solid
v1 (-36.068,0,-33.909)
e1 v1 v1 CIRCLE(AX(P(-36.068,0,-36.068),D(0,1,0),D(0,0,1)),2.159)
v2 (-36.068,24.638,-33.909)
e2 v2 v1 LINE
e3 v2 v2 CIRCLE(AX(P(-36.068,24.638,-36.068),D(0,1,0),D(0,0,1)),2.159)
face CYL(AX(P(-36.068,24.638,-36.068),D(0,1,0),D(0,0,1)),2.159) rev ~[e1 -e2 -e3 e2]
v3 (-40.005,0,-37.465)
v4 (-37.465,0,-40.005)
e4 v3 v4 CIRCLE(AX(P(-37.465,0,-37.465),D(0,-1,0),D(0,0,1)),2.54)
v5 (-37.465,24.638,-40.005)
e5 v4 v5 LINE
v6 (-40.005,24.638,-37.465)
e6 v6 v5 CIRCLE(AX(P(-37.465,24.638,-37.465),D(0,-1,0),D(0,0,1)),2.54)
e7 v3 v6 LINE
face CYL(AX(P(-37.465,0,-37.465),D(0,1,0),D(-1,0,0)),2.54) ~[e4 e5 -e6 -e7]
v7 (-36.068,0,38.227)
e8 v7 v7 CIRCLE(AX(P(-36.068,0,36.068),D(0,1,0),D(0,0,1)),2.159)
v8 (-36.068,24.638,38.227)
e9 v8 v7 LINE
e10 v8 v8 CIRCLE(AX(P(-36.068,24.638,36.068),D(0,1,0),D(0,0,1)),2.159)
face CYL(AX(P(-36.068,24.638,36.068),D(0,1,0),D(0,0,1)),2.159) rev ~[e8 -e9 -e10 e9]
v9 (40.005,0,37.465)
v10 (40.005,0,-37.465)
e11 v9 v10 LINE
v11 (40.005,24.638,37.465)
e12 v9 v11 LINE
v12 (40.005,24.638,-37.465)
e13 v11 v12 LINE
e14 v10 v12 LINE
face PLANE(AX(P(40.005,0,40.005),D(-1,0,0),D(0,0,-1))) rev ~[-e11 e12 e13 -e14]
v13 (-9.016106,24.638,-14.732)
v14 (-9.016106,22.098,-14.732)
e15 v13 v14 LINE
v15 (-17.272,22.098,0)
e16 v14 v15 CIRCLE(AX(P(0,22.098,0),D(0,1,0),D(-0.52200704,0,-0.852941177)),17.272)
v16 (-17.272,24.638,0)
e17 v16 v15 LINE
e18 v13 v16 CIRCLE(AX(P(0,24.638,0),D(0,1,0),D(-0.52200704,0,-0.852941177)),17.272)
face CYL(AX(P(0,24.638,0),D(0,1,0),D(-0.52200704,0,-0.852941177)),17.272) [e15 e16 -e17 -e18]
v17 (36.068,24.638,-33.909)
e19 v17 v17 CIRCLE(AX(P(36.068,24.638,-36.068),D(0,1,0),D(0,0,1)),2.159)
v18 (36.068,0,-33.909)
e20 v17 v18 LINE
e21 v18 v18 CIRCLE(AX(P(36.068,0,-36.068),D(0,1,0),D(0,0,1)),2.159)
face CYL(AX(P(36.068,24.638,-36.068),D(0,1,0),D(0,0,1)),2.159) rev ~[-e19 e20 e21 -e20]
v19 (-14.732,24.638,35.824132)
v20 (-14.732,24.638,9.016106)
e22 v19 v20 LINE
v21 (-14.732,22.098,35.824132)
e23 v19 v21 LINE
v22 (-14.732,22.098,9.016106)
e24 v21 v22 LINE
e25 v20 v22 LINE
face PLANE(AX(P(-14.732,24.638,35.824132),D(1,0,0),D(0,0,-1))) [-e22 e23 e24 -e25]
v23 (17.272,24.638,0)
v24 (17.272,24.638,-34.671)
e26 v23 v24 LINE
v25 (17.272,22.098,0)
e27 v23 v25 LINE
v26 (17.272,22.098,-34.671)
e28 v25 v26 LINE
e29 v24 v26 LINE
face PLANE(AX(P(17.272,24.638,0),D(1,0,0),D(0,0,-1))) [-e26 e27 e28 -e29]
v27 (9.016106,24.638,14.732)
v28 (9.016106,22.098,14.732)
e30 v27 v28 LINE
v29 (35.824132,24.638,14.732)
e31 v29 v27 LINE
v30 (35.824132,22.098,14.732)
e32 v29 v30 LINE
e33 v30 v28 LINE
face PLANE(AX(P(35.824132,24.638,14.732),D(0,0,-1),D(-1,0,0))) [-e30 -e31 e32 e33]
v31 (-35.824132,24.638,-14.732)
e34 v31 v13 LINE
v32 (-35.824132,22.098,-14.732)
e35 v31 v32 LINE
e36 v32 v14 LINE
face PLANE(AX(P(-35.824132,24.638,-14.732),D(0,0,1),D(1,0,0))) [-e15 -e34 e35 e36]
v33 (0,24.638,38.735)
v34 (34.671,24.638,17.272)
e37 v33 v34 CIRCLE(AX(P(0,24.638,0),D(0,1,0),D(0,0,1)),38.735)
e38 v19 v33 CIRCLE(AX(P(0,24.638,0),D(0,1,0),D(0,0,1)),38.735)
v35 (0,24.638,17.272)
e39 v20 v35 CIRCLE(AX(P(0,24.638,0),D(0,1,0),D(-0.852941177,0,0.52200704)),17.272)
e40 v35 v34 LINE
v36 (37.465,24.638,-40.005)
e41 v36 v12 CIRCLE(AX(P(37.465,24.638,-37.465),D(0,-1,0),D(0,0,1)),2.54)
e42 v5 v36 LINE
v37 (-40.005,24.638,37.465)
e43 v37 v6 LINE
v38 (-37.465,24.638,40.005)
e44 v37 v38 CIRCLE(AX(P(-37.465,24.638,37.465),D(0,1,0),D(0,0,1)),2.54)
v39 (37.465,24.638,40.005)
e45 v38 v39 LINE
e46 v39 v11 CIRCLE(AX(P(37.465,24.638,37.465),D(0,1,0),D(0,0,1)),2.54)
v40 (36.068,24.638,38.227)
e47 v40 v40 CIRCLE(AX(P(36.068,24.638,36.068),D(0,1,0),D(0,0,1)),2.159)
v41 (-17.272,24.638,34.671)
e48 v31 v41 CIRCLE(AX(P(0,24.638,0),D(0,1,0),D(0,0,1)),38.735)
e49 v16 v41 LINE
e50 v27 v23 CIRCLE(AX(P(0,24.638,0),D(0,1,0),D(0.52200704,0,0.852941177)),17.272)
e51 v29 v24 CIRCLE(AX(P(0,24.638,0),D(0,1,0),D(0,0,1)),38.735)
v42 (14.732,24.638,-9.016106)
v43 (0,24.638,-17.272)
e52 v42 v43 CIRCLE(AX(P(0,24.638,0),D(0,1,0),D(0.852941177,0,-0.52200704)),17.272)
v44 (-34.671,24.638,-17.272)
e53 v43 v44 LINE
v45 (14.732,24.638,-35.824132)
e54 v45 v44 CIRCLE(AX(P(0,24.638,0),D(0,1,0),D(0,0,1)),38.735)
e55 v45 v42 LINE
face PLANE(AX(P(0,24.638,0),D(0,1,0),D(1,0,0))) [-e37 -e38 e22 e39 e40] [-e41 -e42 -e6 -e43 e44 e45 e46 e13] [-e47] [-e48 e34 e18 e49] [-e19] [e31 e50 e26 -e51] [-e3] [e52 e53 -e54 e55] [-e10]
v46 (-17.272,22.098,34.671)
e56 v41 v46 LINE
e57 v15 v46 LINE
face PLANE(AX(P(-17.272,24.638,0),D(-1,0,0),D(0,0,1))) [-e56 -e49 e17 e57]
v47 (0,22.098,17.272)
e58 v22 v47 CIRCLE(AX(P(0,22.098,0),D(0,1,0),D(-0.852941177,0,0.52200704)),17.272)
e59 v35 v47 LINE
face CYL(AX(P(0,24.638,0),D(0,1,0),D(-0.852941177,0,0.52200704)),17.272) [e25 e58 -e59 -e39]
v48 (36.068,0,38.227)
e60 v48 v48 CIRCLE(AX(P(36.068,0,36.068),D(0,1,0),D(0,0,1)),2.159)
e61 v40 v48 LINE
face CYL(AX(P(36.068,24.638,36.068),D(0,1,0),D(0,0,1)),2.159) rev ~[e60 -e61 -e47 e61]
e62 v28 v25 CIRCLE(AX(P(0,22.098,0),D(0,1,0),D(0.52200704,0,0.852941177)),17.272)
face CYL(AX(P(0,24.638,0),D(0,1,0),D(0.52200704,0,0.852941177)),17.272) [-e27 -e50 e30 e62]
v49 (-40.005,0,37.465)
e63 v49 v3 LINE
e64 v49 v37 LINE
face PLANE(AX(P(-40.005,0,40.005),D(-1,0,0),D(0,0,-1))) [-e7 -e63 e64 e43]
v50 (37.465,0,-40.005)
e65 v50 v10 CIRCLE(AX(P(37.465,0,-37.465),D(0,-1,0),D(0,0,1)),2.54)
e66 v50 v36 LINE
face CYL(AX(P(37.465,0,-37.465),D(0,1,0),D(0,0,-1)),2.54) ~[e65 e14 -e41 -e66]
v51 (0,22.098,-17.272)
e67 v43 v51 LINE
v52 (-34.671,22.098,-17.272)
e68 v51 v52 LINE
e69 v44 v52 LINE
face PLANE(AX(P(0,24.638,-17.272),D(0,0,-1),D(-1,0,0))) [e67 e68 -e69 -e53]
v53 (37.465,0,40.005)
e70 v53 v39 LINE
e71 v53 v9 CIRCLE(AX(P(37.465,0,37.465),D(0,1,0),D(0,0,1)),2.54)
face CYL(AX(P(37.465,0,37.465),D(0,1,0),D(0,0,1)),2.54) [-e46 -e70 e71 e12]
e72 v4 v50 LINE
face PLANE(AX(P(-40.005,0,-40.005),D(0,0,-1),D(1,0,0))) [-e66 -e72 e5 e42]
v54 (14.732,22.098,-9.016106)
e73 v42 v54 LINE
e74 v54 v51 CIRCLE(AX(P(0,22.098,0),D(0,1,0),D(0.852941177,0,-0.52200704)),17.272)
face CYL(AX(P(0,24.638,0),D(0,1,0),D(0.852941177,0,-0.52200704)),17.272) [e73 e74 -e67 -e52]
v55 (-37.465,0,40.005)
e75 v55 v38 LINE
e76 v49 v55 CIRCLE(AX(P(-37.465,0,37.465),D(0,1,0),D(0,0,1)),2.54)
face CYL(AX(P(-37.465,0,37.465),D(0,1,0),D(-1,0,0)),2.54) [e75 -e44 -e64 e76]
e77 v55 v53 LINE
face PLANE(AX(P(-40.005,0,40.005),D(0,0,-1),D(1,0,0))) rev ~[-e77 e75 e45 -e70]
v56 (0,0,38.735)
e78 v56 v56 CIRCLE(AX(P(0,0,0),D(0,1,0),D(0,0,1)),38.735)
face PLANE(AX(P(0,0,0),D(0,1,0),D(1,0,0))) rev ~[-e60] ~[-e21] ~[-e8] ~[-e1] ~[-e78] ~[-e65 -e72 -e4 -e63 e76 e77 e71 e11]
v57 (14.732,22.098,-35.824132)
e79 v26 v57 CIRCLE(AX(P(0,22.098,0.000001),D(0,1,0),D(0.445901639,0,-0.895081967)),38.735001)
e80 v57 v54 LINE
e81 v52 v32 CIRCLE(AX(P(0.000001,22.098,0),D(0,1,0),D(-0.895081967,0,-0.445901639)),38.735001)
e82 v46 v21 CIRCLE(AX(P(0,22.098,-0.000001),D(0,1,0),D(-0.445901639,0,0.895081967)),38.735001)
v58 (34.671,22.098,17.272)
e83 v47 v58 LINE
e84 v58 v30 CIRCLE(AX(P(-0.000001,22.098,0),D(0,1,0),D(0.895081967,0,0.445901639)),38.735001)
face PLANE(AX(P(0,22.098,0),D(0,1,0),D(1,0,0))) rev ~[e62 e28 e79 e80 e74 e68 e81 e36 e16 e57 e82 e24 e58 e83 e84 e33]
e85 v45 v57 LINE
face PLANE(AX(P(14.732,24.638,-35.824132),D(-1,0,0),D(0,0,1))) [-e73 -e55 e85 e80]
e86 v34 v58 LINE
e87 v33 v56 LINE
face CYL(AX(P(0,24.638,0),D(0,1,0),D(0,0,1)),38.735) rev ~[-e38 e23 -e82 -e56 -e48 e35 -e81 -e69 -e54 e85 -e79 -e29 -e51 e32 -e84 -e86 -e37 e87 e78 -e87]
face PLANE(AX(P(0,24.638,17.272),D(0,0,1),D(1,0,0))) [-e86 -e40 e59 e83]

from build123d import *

# Parameters (mm, degrees)
SKETCH1_W           = 80.01
SKETCH1_H           = 80.01
BOSS_EXTRUDE1_DEPTH = 24.638
SKETCH2_R           = 38.735
SKETCH2_R_2         = 2.159
CUT_EXTRUDE1_DEPTH  = 24.638
FILLET1_R           = 2.54
BOSS_EXTRUDE2_DEPTH = 2.54


with BuildPart() as part:
    # Sketch1 → Boss-Extrude1 (new body)
    with BuildSketch(Plane(origin=(0, 0, 0), x_dir=(1, 0, 0), z_dir=(0, 1, 0))):
        Rectangle(SKETCH1_W, SKETCH1_H)
    extrude(amount=BOSS_EXTRUDE1_DEPTH)

    # Sketch2 → Cut-Extrude1 (cut)
    with BuildSketch(Plane(origin=(0, 24.638, 0), x_dir=(1, 0, 0), z_dir=(0, 1, 0))):
        with Locations(Location((0, 0, 0), (0, 0, 270))):
            Circle(SKETCH2_R)
        with Locations(Location((-36.068, 36.068, 0), (0, 0, 270))):
            Circle(SKETCH2_R_2)
        with Locations(Location((36.068, 36.068, 0), (0, 0, 270))):
            Circle(SKETCH2_R_2)
        with Locations(Location((36.068, -36.068, 0), (0, 0, 270))):
            Circle(SKETCH2_R_2)
        with Locations(Location((-36.068, -36.068, 0), (0, 0, 270))):
            Circle(SKETCH2_R_2)
    extrude(amount=-CUT_EXTRUDE1_DEPTH, mode=Mode.SUBTRACT)

    # Fillet1
    fillet1_edges = [part.edges().sort_by_distance(p)[0] for p in [
        (40.005, 12.319, 40.005),
        (-40.005, 12.319, 40.005),
        (-40.005, 12.319, -40.005),
        (40.005, 12.319, -40.005),
    ]]
    fillet(fillet1_edges, radius=FILLET1_R)

    # Sketch3 → Boss-Extrude2 (add)
    with BuildSketch(Plane(origin=(0, 24.638, 0), x_dir=(1, 0, 0), z_dir=(0, 1, 0))):
        with BuildLine():
            Line((17.272, 0), (17.272, 34.671))
            ThreePointArc((17.272, 34.671), (16.01238371, 35.270437946), (14.732, 35.824131546))
            Line((14.732, 35.824131546), (14.732, 9.016105589))
            ThreePointArc((14.732, 9.016105589), (8.443808627, 15.067318271), (0, 17.272))
            Line((0, 17.272), (-34.671, 17.272))
            ThreePointArc((-34.671, 17.272), (-35.270437946, 16.01238371), (-35.824131546, 14.732))
            Line((-35.824131546, 14.732), (-9.016105589, 14.732))
            ThreePointArc((-9.016105589, 14.732), (-15.067318271, 8.443808627), (-17.272, 0))
            Line((-17.272, 0), (-17.272, -34.671))
            ThreePointArc((-17.272, -34.671), (-16.01238371, -35.270437946), (-14.732, -35.824131546))
            Line((-14.732, -35.824131546), (-14.732, -9.016105589))
            ThreePointArc((-14.732, -9.016105589), (-8.443808627, -15.067318271), (0, -17.272))
            Line((0, -17.272), (34.671, -17.272))
            ThreePointArc((34.671, -17.272), (35.270437946, -16.01238371), (35.824131546, -14.732))
            Line((35.824131546, -14.732), (9.016105589, -14.732))
            ThreePointArc((9.016105589, -14.732), (15.067318271, -8.443808627), (17.272, 0))
        make_face()
    extrude(amount=-BOSS_EXTRUDE2_DEPTH)


solid = part.part
